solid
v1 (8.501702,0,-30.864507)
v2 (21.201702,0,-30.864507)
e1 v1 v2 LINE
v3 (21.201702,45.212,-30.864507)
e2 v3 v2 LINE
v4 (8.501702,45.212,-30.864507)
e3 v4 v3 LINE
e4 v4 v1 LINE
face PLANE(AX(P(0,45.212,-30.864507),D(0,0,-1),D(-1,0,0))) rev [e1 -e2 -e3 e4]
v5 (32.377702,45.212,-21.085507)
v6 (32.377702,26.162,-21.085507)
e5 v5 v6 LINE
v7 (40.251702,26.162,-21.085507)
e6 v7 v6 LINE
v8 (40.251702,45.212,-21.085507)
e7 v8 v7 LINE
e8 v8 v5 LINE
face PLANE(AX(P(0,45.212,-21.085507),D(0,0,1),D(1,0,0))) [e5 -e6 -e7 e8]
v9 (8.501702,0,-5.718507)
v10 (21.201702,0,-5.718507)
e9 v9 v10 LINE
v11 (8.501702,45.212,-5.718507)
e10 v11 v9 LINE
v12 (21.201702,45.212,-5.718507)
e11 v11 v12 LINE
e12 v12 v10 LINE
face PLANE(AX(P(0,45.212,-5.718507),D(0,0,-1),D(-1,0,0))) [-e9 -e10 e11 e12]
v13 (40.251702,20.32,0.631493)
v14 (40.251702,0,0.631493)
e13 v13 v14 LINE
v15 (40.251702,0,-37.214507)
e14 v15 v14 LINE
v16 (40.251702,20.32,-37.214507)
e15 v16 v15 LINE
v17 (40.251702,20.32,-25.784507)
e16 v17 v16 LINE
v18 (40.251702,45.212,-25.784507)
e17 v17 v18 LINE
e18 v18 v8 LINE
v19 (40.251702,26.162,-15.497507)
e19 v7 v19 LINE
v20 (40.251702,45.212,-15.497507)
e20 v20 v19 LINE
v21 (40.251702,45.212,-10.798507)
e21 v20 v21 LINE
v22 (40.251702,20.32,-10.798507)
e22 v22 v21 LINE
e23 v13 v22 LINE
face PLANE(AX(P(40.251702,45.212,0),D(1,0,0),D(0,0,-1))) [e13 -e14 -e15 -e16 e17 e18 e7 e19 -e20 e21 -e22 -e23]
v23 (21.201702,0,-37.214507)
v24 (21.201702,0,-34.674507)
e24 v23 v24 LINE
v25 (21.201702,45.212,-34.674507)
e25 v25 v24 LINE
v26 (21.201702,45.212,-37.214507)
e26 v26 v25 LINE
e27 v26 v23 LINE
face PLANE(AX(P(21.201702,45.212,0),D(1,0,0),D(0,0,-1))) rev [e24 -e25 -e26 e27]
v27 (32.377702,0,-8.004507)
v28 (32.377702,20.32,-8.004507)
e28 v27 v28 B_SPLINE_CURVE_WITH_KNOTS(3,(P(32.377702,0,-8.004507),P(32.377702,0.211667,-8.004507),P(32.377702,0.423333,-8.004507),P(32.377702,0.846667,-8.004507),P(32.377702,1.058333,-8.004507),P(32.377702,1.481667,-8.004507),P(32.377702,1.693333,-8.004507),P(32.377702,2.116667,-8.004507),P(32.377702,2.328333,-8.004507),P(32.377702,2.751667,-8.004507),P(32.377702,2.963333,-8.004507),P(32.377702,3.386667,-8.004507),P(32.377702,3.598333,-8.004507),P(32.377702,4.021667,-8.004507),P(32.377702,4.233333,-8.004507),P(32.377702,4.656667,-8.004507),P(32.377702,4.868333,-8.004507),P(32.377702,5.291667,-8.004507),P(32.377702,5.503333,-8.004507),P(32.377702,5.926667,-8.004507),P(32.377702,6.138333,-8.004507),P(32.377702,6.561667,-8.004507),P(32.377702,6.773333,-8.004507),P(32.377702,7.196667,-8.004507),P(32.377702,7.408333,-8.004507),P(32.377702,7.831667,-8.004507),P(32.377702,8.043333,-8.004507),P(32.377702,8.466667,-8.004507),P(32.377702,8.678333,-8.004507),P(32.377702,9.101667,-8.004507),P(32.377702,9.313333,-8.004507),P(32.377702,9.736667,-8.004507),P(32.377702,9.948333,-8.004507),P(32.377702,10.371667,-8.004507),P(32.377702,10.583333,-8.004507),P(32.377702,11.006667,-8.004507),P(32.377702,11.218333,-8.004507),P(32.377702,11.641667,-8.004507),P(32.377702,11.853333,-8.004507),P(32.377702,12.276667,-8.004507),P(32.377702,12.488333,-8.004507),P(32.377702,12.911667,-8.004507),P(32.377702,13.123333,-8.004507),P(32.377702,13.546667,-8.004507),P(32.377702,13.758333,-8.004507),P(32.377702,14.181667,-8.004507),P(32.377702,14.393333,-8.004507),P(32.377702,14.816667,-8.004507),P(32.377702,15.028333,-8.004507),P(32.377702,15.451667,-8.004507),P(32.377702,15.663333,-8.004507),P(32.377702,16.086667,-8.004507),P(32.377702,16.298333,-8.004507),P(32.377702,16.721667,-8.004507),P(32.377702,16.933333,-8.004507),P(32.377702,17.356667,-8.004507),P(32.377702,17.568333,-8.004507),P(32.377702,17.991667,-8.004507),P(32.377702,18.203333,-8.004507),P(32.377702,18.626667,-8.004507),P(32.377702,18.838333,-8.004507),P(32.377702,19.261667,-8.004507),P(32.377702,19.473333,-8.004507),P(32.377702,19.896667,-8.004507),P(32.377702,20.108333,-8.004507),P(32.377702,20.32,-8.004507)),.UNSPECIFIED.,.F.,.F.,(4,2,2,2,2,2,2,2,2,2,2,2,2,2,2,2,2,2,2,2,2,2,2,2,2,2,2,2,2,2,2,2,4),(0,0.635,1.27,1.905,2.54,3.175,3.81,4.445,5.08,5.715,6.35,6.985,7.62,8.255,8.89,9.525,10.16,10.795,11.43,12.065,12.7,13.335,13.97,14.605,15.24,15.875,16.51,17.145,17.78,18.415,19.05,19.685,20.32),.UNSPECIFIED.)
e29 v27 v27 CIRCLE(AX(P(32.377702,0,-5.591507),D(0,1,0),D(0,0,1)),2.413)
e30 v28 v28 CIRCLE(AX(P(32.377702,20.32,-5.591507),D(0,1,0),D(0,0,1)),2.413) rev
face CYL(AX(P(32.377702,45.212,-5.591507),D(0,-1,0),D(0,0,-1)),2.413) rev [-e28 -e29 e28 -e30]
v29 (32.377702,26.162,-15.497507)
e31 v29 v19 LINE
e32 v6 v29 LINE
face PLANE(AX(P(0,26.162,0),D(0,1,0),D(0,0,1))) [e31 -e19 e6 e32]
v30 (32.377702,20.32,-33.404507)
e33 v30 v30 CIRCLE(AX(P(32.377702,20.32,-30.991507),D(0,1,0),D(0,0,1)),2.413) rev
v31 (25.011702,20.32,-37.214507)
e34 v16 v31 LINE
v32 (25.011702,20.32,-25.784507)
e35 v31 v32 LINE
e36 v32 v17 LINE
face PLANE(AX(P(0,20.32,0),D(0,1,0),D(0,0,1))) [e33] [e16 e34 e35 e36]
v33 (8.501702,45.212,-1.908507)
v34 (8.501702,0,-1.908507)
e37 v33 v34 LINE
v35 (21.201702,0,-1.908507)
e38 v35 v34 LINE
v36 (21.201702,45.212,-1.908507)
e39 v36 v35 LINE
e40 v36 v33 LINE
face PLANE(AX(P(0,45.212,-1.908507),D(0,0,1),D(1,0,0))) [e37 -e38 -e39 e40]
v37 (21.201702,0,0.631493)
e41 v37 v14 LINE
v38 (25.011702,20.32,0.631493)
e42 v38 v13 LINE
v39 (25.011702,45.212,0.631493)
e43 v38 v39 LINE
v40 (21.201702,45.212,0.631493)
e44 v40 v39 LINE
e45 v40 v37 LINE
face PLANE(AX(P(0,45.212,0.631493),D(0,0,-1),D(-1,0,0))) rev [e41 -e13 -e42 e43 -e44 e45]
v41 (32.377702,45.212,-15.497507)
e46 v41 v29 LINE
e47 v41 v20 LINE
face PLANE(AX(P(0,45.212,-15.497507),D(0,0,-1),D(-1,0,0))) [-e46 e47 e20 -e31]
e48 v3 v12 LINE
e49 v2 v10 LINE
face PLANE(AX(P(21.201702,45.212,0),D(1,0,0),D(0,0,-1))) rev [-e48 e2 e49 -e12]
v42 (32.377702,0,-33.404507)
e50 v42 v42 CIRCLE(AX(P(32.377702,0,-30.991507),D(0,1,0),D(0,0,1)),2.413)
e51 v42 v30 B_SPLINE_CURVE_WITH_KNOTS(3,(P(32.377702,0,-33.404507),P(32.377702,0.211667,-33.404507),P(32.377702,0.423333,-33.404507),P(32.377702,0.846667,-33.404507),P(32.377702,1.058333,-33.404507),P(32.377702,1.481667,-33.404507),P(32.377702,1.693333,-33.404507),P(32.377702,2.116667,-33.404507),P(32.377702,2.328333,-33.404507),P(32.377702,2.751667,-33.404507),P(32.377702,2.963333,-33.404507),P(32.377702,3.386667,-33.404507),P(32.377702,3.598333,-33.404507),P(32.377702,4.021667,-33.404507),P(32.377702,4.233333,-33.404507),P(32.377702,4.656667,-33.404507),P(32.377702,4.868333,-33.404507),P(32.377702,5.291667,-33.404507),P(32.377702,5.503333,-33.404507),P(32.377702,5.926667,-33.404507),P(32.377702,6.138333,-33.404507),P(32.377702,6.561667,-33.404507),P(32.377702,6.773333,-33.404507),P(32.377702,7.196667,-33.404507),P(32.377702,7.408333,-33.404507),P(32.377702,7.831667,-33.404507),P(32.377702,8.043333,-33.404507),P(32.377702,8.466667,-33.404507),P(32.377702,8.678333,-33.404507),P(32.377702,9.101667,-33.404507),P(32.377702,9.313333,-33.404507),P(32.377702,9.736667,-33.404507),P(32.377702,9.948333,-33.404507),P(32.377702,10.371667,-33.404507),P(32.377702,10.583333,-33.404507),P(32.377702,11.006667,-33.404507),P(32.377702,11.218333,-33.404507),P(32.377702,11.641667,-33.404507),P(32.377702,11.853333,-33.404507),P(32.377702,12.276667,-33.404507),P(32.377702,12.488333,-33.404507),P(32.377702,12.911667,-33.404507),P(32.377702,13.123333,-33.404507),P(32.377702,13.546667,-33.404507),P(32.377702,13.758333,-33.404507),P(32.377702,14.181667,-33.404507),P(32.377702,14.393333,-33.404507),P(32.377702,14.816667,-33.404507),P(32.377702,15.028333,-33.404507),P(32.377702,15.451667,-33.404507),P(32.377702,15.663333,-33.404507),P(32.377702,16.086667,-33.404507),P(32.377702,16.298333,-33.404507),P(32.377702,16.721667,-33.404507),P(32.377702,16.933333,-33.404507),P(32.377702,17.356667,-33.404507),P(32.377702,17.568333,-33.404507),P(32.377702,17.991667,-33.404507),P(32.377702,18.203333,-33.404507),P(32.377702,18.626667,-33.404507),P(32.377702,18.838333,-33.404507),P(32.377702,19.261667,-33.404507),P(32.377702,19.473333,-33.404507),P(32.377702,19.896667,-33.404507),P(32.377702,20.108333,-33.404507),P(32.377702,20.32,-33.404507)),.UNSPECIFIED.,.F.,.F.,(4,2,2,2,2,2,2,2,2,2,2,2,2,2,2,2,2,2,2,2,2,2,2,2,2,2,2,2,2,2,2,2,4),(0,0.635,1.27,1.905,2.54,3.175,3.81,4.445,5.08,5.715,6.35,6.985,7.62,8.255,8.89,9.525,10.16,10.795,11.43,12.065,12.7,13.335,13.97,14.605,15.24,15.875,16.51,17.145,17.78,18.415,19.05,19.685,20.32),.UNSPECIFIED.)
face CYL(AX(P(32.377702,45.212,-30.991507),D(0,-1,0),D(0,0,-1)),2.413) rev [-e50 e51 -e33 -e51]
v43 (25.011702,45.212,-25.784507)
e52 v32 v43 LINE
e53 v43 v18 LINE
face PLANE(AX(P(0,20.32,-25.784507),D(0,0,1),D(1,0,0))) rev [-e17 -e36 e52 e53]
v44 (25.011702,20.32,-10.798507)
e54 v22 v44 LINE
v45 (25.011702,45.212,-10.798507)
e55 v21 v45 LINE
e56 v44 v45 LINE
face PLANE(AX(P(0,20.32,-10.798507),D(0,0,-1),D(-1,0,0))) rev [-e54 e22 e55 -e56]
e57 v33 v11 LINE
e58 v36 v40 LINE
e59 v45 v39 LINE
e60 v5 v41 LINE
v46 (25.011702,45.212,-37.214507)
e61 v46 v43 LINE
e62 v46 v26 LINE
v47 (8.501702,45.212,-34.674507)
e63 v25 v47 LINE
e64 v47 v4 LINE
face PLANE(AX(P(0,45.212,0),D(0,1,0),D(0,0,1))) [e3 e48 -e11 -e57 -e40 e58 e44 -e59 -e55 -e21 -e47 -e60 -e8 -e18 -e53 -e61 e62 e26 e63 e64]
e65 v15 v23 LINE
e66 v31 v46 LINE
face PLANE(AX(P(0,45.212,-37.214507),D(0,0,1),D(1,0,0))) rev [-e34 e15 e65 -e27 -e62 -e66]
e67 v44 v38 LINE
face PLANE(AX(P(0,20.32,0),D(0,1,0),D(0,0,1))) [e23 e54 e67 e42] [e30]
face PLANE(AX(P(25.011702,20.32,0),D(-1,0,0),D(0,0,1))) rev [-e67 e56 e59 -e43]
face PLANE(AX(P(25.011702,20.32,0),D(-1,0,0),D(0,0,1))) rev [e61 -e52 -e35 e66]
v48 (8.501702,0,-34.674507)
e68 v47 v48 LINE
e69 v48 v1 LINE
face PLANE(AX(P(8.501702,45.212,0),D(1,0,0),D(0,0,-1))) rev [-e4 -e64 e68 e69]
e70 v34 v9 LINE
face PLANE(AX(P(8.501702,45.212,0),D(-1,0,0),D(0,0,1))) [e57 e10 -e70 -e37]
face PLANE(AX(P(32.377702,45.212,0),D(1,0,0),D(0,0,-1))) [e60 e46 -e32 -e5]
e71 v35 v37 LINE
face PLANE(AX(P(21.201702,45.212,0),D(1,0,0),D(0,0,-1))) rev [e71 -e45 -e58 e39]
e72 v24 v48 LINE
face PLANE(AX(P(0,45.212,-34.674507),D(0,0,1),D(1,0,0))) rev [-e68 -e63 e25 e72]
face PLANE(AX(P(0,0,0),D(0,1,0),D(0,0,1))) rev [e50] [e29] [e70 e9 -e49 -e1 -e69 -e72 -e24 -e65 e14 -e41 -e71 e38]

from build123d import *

# Parameters (mm, degrees)
SKETCH1_R           = 2.413
BOSS_EXTRUDE1_DEPTH = 45.212
SKETCH1_4_W         = 7.874
SKETCH1_4_H         = 5.588
BOSS_EXTRUDE2_DEPTH = 26.162
CUT_EXTRUDE1_START  = -24.892
SKETCH2_W           = 15.24
SKETCH2_H           = 11.43
SKETCH2_R           = 2.413
CUT_EXTRUDE1_DEPTH  = 24.892


with BuildPart() as part:
    # Sketch1 → Boss-Extrude1 (new body)
    with BuildSketch(Plane(origin=(0, 0, 0), x_dir=(1, 0, 0), z_dir=(0, 1, 0))):
        Polygon((40.25170153, 21.085507102), (40.25170153, 37.214507102), (21.20170153, 37.214507102), (21.20170153, 34.674507102), (8.50170153, 34.674507102), (8.50170153, 30.864507102), (21.20170153, 30.864507102), (21.20170153, 5.718507102), (8.50170153, 5.718507102), (8.50170153, 1.908507102), (21.20170153, 1.908507102), (21.20170153, -0.631492898), (40.25170153, -0.631492898), (40.25170153, 15.497507102), (32.37770153, 15.497507102), (32.37770153, 21.085507102), align=None)
        with Locations((32.37770153, 30.991507102)):
            Circle(SKETCH1_R, mode=Mode.SUBTRACT)
        with Locations((32.37770153, 5.591507102)):
            Circle(SKETCH1_R, mode=Mode.SUBTRACT)
    extrude(amount=BOSS_EXTRUDE1_DEPTH)

    # Sketch1<4> → Boss-Extrude2 (add)
    with BuildSketch(Plane(origin=(0, 0, 0), x_dir=(1, 0, 0), z_dir=(0, 1, 0))):
        with Locations((36.31470153, 18.291507102)):
            Rectangle(SKETCH1_4_W, SKETCH1_4_H)
    extrude(amount=BOSS_EXTRUDE2_DEPTH)

    # Sketch2 → Cut-Extrude1 (cut)
    # profile 1 of 2: a face of its own
    with BuildSketch(Plane(origin=(0, 45.212, 0), x_dir=(1, 0, 0), z_dir=(0, 1, 0)).offset(CUT_EXTRUDE1_START)):
        with Locations((32.63170153, 31.499507102)):
            Rectangle(SKETCH2_W, SKETCH2_H)
        with Locations((32.37770153, 30.991507102)):
            Circle(SKETCH2_R, mode=Mode.SUBTRACT)
    # profile 2 of 2: a face of its own
    with BuildSketch(Plane(origin=(0, 45.212, 0), x_dir=(1, 0, 0), z_dir=(0, 1, 0)).offset(CUT_EXTRUDE1_START)):
        with Locations((32.63170153, 5.083507102)):
            Rectangle(SKETCH2_W, SKETCH2_H)
        with Locations((32.37770153, 5.591507102)):
            Circle(SKETCH2_R, mode=Mode.SUBTRACT)
    extrude(amount=CUT_EXTRUDE1_DEPTH, mode=Mode.SUBTRACT)


solid = part.part
